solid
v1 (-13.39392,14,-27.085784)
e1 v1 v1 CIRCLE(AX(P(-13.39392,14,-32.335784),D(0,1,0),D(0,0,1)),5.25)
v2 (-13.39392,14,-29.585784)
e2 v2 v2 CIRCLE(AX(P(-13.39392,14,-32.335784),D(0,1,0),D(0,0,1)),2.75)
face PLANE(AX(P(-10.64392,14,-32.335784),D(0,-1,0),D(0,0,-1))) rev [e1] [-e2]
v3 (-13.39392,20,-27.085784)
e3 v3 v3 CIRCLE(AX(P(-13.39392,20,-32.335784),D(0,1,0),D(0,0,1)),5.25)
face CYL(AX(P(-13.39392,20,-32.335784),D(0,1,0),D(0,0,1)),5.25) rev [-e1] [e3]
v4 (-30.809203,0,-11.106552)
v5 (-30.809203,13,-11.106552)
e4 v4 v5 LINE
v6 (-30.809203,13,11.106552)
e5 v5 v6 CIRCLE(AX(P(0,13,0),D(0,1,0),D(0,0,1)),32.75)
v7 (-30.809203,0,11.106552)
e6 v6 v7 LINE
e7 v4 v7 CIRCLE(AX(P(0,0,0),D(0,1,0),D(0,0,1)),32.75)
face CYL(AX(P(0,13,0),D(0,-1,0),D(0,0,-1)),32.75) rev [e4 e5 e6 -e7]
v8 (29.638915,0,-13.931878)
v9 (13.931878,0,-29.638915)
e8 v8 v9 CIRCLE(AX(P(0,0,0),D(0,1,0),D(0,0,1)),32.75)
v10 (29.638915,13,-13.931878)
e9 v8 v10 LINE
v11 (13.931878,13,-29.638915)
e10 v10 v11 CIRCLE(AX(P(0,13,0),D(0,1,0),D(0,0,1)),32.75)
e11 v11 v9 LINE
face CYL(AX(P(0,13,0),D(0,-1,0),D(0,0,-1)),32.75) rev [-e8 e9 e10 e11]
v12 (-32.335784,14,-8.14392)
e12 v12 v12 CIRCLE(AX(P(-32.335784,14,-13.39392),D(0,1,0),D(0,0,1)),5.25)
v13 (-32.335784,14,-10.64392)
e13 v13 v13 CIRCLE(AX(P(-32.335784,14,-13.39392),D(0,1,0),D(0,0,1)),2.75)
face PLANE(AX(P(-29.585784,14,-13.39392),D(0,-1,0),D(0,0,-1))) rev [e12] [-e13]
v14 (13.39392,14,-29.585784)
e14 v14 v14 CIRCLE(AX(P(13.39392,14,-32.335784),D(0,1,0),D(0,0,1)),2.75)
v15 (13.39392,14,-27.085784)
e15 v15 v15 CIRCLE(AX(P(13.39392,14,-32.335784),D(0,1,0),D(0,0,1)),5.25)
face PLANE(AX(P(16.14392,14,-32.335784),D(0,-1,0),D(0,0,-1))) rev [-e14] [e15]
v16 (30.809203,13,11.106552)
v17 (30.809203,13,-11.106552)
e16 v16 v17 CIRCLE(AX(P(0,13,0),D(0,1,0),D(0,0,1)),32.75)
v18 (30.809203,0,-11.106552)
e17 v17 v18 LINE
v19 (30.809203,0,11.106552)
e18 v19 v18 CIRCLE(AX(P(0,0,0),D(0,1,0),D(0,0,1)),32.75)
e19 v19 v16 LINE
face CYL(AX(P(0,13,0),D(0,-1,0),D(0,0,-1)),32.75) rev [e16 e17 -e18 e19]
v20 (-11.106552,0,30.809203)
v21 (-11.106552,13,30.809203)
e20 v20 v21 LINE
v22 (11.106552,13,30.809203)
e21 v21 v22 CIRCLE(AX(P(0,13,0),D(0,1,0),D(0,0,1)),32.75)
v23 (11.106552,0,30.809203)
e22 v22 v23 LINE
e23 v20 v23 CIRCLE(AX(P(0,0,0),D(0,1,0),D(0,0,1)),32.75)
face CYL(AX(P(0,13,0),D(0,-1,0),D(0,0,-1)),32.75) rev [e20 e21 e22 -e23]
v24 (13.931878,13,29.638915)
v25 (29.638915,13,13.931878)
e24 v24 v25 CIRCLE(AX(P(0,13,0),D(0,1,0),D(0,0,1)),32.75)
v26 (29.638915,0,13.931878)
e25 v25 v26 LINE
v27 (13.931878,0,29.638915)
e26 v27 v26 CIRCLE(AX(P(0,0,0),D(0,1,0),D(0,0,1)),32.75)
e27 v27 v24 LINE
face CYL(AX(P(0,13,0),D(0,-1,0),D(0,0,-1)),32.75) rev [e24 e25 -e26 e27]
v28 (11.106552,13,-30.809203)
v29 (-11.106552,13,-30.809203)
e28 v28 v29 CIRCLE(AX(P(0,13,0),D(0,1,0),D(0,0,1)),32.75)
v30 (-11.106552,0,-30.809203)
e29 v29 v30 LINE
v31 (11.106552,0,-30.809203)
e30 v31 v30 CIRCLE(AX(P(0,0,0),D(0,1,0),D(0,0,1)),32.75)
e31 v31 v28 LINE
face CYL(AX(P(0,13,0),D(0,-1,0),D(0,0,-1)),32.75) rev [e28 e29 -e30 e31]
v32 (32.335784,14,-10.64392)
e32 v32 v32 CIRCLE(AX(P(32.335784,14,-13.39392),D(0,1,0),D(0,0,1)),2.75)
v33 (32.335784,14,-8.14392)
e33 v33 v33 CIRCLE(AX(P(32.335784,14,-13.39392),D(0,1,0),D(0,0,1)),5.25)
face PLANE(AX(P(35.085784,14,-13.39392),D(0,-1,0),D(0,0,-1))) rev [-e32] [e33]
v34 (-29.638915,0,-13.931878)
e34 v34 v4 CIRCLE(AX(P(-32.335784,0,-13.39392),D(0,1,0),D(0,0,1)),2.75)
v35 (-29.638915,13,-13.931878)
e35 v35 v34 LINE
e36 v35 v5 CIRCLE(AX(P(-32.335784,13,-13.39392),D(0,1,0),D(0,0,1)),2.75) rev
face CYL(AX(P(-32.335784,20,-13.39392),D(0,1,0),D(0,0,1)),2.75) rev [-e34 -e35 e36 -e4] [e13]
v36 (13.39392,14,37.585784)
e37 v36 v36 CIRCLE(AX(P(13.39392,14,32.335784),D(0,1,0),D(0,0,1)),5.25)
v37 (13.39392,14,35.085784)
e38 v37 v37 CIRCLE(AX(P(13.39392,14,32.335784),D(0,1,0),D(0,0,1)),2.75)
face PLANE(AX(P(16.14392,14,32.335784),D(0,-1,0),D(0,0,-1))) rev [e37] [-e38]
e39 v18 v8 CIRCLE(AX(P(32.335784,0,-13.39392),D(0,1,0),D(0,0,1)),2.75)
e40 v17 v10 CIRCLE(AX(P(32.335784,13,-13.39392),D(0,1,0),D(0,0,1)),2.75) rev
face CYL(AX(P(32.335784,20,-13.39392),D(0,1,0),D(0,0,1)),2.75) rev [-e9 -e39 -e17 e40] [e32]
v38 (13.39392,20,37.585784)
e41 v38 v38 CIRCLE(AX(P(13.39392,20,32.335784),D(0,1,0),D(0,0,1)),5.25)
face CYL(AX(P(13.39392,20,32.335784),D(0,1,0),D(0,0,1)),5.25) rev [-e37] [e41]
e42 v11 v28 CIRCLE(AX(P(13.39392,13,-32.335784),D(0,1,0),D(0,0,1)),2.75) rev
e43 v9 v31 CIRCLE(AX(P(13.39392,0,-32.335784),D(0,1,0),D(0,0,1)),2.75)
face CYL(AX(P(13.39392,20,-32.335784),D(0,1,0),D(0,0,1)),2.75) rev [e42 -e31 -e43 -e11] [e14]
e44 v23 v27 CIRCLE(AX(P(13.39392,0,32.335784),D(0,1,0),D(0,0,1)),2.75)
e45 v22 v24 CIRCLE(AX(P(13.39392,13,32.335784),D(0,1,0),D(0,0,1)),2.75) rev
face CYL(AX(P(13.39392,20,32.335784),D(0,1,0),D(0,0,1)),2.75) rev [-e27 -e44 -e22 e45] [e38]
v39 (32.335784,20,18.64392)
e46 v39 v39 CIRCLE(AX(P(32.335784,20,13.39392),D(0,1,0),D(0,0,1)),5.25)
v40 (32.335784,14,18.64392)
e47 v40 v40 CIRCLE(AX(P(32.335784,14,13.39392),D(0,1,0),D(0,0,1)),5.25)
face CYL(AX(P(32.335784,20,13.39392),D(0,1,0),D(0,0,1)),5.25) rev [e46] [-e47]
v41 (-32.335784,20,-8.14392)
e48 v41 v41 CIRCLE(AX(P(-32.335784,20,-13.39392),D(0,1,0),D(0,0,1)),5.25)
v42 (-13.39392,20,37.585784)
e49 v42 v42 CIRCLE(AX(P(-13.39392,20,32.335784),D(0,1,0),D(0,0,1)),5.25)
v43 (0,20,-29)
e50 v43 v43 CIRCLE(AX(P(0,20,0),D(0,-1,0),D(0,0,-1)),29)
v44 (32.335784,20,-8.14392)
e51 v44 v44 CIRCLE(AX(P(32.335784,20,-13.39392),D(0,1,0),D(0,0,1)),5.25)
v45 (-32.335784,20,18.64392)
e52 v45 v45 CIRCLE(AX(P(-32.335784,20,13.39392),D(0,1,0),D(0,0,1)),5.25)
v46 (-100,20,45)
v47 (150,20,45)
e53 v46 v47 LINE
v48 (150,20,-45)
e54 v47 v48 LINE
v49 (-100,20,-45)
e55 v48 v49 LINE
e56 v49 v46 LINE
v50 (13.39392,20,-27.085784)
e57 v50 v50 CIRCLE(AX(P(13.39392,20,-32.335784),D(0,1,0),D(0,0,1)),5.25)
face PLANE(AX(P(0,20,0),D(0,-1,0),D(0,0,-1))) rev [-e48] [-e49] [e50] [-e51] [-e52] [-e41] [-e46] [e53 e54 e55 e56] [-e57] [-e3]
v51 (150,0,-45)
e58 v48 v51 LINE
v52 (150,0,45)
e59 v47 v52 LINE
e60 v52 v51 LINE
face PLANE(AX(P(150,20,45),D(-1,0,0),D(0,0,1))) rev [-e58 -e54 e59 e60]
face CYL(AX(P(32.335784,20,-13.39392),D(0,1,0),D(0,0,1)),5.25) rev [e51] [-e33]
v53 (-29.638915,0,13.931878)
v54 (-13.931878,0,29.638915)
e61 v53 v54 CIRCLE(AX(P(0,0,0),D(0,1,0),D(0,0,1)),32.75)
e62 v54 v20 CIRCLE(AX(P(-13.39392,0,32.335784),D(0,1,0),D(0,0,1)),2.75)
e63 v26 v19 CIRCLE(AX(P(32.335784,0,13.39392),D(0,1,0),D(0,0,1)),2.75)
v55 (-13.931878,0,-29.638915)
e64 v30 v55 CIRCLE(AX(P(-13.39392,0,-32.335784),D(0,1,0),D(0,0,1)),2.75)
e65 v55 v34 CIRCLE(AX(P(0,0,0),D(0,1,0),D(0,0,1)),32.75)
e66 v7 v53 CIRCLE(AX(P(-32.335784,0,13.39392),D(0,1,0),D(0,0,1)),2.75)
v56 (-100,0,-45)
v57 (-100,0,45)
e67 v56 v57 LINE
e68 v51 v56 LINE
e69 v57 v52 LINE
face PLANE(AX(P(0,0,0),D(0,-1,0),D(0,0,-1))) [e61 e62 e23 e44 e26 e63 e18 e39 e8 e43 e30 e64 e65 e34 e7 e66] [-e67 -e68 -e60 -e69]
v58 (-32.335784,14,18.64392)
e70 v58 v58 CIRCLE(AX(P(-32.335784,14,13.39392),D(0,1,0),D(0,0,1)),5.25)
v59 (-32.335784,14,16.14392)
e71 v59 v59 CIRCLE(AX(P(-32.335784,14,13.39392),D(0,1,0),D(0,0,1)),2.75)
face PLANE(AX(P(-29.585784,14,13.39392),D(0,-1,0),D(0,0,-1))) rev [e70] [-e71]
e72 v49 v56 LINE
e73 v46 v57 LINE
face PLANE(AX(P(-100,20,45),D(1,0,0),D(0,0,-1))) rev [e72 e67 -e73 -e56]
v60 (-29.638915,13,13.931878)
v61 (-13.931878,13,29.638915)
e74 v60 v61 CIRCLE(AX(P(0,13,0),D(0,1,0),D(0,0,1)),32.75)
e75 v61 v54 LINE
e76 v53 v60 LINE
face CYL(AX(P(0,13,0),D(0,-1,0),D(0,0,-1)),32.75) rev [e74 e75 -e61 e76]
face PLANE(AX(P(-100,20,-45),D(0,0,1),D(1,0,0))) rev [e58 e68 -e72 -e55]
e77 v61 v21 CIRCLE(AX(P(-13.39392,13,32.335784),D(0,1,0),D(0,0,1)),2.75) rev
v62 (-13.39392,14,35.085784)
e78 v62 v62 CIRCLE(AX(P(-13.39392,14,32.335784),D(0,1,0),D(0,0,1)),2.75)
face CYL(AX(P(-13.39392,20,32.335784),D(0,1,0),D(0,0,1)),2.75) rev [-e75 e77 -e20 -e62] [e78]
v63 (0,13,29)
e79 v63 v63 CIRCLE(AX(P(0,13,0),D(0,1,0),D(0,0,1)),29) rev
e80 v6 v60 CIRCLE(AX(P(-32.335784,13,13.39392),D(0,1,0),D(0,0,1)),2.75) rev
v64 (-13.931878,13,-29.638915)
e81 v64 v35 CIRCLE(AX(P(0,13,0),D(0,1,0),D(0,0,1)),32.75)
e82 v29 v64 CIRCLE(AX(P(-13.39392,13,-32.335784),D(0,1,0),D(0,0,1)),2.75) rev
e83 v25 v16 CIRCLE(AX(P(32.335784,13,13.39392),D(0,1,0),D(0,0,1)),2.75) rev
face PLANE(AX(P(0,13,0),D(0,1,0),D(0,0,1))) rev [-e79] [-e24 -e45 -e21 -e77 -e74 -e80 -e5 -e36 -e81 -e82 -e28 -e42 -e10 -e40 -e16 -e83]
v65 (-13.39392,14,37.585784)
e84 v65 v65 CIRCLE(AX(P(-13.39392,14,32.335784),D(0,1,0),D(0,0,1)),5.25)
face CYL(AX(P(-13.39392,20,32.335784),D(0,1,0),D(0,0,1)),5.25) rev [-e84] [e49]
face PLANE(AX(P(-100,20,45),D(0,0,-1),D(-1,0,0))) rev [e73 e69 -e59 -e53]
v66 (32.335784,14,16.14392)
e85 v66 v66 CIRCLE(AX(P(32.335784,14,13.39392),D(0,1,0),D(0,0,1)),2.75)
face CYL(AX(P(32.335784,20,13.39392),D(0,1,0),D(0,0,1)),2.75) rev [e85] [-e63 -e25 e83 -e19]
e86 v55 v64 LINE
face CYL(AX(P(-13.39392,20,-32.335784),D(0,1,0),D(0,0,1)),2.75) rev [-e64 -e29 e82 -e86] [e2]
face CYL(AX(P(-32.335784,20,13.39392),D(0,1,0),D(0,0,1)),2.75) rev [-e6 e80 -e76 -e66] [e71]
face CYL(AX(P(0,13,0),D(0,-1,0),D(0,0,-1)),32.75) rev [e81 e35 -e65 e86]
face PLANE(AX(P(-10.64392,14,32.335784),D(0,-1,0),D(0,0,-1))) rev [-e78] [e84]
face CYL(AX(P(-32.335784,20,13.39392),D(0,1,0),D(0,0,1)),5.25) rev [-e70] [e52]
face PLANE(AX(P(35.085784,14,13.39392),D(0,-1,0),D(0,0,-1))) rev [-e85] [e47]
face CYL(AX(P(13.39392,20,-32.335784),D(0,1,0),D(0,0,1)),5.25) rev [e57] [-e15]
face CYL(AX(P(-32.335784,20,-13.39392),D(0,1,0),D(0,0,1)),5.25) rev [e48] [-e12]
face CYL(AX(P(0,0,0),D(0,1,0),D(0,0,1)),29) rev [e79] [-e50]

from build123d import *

# Parameters (mm, degrees)
SKETCH1_W                               = 250
SKETCH1_H                               = 90
BOSS_EXTRUDE1_DEPTH                     = 20
CUT_EXTRUDE1_DEPTH                      = 158.876534038
CUT_EXTRUDE1_DEPTH_BACK                 = 158.876534038
SKETCH11_R                              = 29
CBORE_FOR_M5_HEX_HEAD_BOLT2_D           = 5.5
CBORE_FOR_M5_HEX_HEAD_BOLT2_CBORE_D     = 10.5
CBORE_FOR_M5_HEX_HEAD_BOLT2_CBORE_DEPTH = 6
SKETCH15_R                              = 32.75
CUT_EXTRUDE2_DEPTH                      = 13


with BuildPart() as part:
    # Sketch1 → Boss-Extrude1 (new body)
    with BuildSketch(Plane(origin=(0, 0, 0), x_dir=(1, 0, 0), z_dir=(0, 1, 0))):
        with Locations((25, 0)):
            Rectangle(SKETCH1_W, SKETCH1_H)
    extrude(amount=BOSS_EXTRUDE1_DEPTH)

    # Sketch11 → Cut-Extrude1 (cut, two sides: drawn at the far end of the back side and taken through both)
    with BuildSketch(Plane(origin=(0, 20, 0), x_dir=(1, 0, 0), z_dir=(0, 1, 0)).offset(-CUT_EXTRUDE1_DEPTH_BACK)):
        with Locations(Location((0, 0, 0), (0, 0, 270))):
            Circle(SKETCH11_R)
    extrude(amount=CUT_EXTRUDE1_DEPTH + CUT_EXTRUDE1_DEPTH_BACK, mode=Mode.SUBTRACT)

    # CBORE for M5 Hex Head Bolt2 (through all)
    with Locations(Plane(origin=(-32.335783638, 20, -13.393920133), x_dir=(0, 0, 1), z_dir=(0, 1, 0))):
        with Locations((0, 0), (-18.941863505, 18.941863505), (-18.941863505, 45.729703771), (0, 64.671567276), (26.787840266, 64.671567276), (45.729703771, 45.729703771), (45.729703771, 18.941863505), (26.787840266, 0)):
            CounterBoreHole(CBORE_FOR_M5_HEX_HEAD_BOLT2_D / 2, CBORE_FOR_M5_HEX_HEAD_BOLT2_CBORE_D / 2, CBORE_FOR_M5_HEX_HEAD_BOLT2_CBORE_DEPTH)

    # Sketch15 → Cut-Extrude2 (cut)
    with BuildSketch(Plane(origin=(0, 0, 0), x_dir=(1, 0, 0), z_dir=(0, 1, 0))):
        Circle(SKETCH15_R)
    extrude(amount=CUT_EXTRUDE2_DEPTH, mode=Mode.SUBTRACT)


solid = part.part
